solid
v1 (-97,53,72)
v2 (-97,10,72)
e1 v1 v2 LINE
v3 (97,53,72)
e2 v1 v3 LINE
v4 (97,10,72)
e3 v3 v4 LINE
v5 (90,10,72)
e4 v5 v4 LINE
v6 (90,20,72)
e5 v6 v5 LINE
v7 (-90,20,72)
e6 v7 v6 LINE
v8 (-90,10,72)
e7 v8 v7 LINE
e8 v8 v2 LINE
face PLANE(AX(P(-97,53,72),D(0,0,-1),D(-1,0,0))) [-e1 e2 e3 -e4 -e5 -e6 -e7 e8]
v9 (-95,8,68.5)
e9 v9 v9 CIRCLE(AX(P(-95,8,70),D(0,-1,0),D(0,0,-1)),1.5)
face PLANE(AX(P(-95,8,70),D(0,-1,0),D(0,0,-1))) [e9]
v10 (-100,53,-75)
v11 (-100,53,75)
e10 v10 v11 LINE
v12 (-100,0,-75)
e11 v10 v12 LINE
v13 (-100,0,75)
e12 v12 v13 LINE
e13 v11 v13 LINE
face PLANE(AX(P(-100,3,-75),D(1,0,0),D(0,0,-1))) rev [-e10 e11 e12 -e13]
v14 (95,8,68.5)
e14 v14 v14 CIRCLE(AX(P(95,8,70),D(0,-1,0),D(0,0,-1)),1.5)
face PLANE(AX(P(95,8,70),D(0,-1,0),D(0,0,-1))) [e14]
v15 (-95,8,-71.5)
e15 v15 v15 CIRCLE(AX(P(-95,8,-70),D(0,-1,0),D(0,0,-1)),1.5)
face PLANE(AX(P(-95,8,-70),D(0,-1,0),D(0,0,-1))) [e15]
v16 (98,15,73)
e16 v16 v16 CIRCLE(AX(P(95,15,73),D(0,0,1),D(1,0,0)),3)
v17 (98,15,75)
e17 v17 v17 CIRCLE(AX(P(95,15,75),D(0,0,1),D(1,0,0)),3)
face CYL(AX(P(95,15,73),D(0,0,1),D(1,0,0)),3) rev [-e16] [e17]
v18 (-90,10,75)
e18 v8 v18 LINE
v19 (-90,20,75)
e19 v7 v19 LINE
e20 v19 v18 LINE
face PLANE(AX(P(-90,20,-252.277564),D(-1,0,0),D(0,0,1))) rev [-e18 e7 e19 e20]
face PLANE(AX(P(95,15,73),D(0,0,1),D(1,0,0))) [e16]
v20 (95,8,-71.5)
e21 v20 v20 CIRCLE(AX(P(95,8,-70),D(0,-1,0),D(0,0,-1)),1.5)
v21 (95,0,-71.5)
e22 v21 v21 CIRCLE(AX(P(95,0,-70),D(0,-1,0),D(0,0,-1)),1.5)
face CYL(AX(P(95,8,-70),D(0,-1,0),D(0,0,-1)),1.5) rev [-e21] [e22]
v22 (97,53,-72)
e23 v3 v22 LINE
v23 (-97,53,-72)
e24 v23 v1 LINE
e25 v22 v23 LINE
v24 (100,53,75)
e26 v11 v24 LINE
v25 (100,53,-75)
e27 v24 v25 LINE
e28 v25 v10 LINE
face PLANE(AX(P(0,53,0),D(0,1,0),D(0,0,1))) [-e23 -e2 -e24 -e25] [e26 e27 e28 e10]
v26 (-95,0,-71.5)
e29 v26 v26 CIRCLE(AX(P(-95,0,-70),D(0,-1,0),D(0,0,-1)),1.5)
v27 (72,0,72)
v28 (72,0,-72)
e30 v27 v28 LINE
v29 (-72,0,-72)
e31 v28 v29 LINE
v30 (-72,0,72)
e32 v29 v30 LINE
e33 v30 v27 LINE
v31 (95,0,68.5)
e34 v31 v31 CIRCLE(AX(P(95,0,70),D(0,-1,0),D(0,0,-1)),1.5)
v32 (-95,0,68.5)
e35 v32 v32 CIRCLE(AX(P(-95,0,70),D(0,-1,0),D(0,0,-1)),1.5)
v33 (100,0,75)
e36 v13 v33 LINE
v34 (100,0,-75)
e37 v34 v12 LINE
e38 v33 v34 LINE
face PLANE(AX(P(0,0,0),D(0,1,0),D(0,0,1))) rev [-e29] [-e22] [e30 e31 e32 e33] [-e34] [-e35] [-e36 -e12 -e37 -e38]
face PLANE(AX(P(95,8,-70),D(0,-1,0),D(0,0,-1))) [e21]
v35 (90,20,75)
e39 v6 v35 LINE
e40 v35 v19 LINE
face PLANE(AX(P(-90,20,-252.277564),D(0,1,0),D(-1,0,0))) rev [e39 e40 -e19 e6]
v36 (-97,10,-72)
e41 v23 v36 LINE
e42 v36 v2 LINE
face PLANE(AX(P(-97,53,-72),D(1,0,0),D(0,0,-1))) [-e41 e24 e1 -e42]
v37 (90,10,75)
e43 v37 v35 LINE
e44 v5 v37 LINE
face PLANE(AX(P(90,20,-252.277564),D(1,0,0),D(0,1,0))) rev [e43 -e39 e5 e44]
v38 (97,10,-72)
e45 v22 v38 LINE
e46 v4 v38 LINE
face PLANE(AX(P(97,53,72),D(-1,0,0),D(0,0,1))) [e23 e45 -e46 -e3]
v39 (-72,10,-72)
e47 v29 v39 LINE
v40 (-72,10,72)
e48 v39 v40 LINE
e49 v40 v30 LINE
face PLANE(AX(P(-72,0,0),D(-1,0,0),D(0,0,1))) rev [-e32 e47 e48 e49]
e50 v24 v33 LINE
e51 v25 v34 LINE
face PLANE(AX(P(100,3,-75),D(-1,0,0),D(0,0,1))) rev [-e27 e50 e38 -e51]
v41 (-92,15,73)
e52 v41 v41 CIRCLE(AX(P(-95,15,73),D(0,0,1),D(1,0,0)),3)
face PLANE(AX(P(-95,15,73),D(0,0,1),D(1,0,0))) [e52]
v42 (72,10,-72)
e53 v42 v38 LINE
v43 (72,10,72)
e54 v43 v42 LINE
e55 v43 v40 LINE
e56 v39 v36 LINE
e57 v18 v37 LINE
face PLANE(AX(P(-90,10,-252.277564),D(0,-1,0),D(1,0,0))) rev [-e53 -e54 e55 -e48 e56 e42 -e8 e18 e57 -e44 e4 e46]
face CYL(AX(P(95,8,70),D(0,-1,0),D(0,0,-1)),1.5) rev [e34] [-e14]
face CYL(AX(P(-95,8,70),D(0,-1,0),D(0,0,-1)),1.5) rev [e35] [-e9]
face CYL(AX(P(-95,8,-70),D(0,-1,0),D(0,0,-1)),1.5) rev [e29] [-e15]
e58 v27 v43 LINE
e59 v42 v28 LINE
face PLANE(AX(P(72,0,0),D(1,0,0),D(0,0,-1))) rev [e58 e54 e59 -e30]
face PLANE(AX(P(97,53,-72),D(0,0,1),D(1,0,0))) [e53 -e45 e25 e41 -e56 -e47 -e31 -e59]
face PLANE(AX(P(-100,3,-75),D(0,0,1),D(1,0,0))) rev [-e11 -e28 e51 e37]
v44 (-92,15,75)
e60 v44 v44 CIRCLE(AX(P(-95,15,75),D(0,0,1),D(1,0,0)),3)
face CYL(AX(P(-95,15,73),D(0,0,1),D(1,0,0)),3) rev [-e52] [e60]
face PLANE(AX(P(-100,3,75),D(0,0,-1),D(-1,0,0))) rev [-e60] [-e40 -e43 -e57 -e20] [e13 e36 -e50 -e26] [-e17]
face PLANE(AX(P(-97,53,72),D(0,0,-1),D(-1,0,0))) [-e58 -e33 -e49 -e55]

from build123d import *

# Parameters (mm, degrees)
SKETCH2_W           = 200
SKETCH2_H           = 150
BOSS_EXTRUDE1_DEPTH = 3
SKETCH3_W           = 200
SKETCH3_H           = 150
SKETCH3_W_2         = 194
SKETCH3_H_2         = 144
BOSS_EXTRUDE2_DEPTH = 50
SKETCH4_W           = 180
SKETCH4_H           = 10
CUT_EXTRUDE3_DEPTH  = 147
SKETCH5_W           = 144
SKETCH5_H           = 7
BOSS_EXTRUDE3_DEPTH = 25
SKETCH6_W           = 144
SKETCH6_H           = 7
BOSS_EXTRUDE4_DEPTH = 25
SKETCH7_W           = 144
SKETCH7_H           = 144
CUT_EXTRUDE5_DEPTH  = 135.629120178
SKETCH8_R           = 3
CUT_EXTRUDE6_DEPTH  = 2
SKETCH9_R           = 1.5
CUT_EXTRUDE7_DEPTH  = 8


with BuildPart() as part:
    # Sketch2 → Boss-Extrude1 (new body)
    with BuildSketch(Plane(origin=(0, 0, 0), x_dir=(1, 0, 0), z_dir=(0, 1, 0))):
        Rectangle(SKETCH2_W, SKETCH2_H)
    extrude(amount=BOSS_EXTRUDE1_DEPTH)

    # Sketch3 → Boss-Extrude2 (add)
    with BuildSketch(Plane(origin=(0, 3, 0), x_dir=(1, 0, 0), z_dir=(0, 1, 0))):
        Rectangle(SKETCH3_W, SKETCH3_H)
        Rectangle(SKETCH3_W_2, SKETCH3_H_2, mode=Mode.SUBTRACT)
    extrude(amount=BOSS_EXTRUDE2_DEPTH)

    # Sketch4 → Cut-Extrude3 (cut)
    with BuildSketch(Plane.XY.offset(75)):
        with Locations((0, 15)):
            Rectangle(SKETCH4_W, SKETCH4_H)
    extrude(amount=-CUT_EXTRUDE3_DEPTH, mode=Mode.SUBTRACT)

    # Sketch5 → Boss-Extrude3 (add)
    with BuildSketch(Plane.ZY.offset(-97)):
        with Locations((0, 6.5)):
            Rectangle(SKETCH5_W, SKETCH5_H)
    extrude(amount=BOSS_EXTRUDE3_DEPTH)

    # Sketch6 → Boss-Extrude4 (add)
    with BuildSketch(Plane(origin=(-97, 0, 0), x_dir=(0, 0, -1), z_dir=(1, 0, 0))):
        with Locations((0, 6.5)):
            Rectangle(SKETCH6_W, SKETCH6_H)
    extrude(amount=BOSS_EXTRUDE4_DEPTH)

    # Sketch7 → Cut-Extrude5 (cut, through all)
    with BuildSketch(Plane(origin=(0, 3, 0), x_dir=(1, 0, 0), z_dir=(0, 1, 0))):
        Rectangle(SKETCH7_W, SKETCH7_H)
    extrude(amount=-CUT_EXTRUDE5_DEPTH, mode=Mode.SUBTRACT)

    # Sketch8 → Cut-Extrude6 (cut)
    with BuildSketch(Plane.XY.offset(75)):
        with Locations((-95, 15)):
            Circle(SKETCH8_R)
        with Locations((95, 15)):
            Circle(SKETCH8_R)
    extrude(amount=-CUT_EXTRUDE6_DEPTH, mode=Mode.SUBTRACT)

    # Sketch9 → Cut-Extrude7 (cut)
    with BuildSketch(Plane.XZ):
        with Locations(Location((-95, 70, 0), (0, 0, 270))):
            Circle(SKETCH9_R)
        with Locations(Location((95, 70, 0), (0, 0, 270))):
            Circle(SKETCH9_R)
        with Locations(Location((95, -70, 0), (0, 0, 270))):
            Circle(SKETCH9_R)
        with Locations(Location((-95, -70, 0), (0, 0, 270))):
            Circle(SKETCH9_R)
    extrude(amount=-CUT_EXTRUDE7_DEPTH, mode=Mode.SUBTRACT)


solid = part.part
